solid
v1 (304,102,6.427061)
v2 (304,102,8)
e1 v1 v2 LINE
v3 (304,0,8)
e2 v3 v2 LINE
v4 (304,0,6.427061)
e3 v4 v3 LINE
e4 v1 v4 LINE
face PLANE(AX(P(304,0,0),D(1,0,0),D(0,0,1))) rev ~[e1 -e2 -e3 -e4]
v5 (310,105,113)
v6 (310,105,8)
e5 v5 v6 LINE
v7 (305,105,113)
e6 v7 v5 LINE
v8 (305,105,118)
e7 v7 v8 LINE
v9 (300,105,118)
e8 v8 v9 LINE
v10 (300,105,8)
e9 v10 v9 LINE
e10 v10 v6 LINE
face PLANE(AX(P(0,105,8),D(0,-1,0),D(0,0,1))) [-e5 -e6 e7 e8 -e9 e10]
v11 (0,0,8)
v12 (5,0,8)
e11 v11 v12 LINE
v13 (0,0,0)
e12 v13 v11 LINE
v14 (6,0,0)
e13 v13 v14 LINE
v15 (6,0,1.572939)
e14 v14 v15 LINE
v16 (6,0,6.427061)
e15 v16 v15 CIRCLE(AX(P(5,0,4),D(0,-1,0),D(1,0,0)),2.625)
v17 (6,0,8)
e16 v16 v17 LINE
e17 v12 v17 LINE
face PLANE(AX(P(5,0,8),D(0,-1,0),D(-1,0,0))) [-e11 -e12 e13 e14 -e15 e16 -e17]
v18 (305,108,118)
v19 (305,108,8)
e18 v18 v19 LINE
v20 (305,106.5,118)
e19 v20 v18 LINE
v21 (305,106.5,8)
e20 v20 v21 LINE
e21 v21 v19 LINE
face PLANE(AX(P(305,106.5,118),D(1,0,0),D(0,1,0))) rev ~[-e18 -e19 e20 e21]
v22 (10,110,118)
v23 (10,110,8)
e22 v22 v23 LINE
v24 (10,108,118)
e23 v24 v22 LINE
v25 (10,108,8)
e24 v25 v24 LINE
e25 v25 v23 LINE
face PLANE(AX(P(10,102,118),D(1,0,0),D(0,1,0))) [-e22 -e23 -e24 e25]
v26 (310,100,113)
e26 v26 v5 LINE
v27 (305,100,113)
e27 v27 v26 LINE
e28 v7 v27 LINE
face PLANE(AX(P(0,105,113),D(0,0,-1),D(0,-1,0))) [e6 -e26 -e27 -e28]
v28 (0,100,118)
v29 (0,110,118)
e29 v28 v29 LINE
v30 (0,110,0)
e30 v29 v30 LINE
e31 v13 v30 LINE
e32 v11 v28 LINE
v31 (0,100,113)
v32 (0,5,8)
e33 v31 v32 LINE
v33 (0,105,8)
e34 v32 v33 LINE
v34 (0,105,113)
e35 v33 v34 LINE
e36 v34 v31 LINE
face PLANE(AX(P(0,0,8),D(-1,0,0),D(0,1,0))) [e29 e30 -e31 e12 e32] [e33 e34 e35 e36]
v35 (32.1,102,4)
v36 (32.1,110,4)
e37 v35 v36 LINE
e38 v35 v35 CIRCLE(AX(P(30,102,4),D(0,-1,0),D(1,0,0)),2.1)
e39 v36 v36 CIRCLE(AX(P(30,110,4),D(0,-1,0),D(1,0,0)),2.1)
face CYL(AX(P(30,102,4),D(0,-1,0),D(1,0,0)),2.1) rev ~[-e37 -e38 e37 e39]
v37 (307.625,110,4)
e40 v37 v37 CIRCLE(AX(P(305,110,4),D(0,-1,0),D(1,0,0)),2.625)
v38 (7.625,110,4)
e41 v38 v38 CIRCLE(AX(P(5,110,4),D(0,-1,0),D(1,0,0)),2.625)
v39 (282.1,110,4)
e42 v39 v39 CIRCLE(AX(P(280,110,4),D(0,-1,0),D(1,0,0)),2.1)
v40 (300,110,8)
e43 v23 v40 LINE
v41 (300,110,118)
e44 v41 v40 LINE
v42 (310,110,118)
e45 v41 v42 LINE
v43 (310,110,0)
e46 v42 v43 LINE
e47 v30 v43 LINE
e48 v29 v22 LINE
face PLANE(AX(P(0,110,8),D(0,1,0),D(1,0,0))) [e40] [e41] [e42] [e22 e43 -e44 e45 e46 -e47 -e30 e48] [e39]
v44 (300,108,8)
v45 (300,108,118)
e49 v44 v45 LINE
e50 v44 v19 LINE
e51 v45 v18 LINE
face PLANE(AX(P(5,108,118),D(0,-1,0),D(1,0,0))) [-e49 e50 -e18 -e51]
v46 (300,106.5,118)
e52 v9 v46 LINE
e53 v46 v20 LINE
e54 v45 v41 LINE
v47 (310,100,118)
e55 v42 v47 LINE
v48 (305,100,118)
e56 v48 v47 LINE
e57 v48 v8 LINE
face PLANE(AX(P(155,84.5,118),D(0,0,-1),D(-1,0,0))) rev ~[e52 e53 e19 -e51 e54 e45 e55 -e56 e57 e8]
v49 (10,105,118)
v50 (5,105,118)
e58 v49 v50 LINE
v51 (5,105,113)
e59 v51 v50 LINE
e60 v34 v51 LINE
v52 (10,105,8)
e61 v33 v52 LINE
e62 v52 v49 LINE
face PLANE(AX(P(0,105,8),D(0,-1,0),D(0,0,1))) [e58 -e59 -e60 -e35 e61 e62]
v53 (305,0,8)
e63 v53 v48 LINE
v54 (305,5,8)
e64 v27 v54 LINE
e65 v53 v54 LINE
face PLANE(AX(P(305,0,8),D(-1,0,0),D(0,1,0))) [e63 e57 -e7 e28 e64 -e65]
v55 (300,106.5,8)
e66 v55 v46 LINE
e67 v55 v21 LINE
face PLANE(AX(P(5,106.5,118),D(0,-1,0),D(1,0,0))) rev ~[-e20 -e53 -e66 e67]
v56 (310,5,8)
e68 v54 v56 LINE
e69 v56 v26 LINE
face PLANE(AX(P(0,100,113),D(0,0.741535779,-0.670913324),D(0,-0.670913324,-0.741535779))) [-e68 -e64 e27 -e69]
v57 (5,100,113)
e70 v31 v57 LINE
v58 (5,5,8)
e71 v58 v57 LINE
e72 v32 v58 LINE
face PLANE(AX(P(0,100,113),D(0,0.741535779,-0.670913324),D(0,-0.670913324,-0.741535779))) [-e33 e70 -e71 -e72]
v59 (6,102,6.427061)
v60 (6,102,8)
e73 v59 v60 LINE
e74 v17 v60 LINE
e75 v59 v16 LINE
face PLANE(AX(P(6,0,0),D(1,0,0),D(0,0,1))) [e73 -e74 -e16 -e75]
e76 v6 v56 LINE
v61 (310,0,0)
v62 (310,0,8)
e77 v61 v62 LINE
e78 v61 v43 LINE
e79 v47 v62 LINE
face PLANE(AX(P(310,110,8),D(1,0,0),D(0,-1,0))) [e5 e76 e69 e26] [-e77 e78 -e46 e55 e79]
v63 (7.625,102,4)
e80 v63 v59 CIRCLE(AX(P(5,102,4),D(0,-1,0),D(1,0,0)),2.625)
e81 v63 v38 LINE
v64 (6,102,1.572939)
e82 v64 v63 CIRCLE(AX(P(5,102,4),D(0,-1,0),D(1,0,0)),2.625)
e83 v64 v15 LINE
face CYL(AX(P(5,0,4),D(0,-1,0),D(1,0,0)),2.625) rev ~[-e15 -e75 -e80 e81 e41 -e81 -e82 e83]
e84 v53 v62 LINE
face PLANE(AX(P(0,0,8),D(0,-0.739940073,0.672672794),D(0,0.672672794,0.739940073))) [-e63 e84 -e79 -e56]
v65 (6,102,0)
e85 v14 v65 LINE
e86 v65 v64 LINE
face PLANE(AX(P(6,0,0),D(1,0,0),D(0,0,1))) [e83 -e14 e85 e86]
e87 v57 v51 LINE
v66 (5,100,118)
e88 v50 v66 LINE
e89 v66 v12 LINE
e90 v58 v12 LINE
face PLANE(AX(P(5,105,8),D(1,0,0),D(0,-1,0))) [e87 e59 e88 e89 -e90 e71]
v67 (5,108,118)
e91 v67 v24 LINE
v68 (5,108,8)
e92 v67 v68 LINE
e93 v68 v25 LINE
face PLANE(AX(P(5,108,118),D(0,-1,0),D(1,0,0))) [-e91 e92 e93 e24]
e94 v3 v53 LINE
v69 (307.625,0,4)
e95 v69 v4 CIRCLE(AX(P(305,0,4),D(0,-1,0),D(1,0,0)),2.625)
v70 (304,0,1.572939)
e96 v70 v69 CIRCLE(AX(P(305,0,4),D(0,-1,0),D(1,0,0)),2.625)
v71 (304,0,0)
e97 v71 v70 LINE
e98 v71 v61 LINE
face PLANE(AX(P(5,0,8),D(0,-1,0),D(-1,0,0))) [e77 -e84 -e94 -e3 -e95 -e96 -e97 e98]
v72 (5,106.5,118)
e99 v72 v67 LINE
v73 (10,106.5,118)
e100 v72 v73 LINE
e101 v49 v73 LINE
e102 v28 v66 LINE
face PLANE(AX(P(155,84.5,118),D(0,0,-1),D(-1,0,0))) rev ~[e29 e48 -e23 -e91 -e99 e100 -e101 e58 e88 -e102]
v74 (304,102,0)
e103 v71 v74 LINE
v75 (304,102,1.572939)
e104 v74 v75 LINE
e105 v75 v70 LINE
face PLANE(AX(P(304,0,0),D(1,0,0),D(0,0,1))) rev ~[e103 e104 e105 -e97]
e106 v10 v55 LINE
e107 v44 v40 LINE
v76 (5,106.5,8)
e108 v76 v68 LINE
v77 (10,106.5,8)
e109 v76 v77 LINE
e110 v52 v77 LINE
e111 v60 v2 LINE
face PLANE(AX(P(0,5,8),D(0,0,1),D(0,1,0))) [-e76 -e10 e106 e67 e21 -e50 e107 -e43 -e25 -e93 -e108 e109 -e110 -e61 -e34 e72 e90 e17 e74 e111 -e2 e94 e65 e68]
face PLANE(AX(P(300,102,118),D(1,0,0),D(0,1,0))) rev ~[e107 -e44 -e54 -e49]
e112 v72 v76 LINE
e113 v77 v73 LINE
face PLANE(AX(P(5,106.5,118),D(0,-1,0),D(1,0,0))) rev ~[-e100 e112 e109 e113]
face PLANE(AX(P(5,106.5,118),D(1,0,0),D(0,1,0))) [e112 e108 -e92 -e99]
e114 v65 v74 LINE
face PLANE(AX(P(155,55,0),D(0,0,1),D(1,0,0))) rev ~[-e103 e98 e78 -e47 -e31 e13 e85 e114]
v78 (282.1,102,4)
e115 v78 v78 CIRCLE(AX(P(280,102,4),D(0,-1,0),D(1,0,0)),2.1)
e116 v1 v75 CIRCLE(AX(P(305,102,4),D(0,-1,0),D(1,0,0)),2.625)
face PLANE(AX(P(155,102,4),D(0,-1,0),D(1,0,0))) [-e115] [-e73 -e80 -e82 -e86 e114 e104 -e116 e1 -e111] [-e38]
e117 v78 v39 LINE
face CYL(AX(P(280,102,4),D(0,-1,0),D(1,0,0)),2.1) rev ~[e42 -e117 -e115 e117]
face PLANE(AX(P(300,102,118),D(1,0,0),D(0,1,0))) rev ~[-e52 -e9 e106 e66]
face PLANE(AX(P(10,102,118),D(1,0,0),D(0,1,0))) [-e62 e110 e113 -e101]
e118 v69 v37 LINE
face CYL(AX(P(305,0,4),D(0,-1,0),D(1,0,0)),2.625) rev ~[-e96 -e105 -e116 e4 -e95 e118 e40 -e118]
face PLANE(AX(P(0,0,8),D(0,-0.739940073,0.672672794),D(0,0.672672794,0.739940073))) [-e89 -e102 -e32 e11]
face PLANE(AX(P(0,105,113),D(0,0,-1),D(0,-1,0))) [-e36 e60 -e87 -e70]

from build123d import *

# Parameters (mm, degrees)
SKETCH_W        = 310
SKETCH_H        = 110
PAD_DEPTH       = 8
PAD001_DEPTH    = 110
POCKET_DEPTH    = 500
POCKET001_DEPTH = 500
SKETCH006_R     = 2.625
POCKET002_DEPTH = 500
SKETCH007_W     = 298
SKETCH007_H     = 8
POCKET003_DEPTH = 102
SKETCH009_W     = 300
SKETCH009_H     = 1.5
POCKET004_DEPTH = 110
SKETCH010_W     = 290
SKETCH010_H     = 10
POCKET005_DEPTH = 110
SKETCH011_R     = 2.1
POCKET006_DEPTH = 500


with BuildPart() as part:
    # Sketch → Pad (new body)
    with BuildSketch(Plane.XY):
        with Locations((155, 55)):
            Rectangle(SKETCH_W, SKETCH_H)
    extrude(amount=PAD_DEPTH)

    # Sketch001 (on Face6 of Pad) → Pad001 (join)
    with BuildSketch(Plane.XY.offset(8)):
        Polygon((0, 0), (0, 110), (310, 110), (310, 0), (305, 0), (305, 105), (5, 105), (5, 0), align=None)
    extrude(amount=PAD001_DEPTH)

    # Sketch004 (on Face9 of Pad001) → Pocket (cut)
    with BuildSketch(Plane(origin=(0, 0, 0), x_dir=(0, -1, 0), z_dir=(-1, 0, 0))):
        Polygon((-100, 118), (0, 118), (0, 8), align=None)
    extrude(amount=-POCKET_DEPTH, mode=Mode.SUBTRACT)

    # Sketch005 (on Face9 of Pocket) → Pocket001 (cut)
    with BuildSketch(Plane(origin=(0, 0, 0), x_dir=(0, -1, 0), z_dir=(-1, 0, 0))):
        Polygon((-100, 113), (-5, 8), (-105, 8), (-105, 113), align=None)
    extrude(amount=-POCKET001_DEPTH, mode=Mode.SUBTRACT)

    # Sketch006 (on Face1 of Pocket001) → Pocket002 (cut)
    with BuildSketch(Plane.XZ):
        with Locations((5, 4)):
            Circle(SKETCH006_R)
        with Locations((305, 4)):
            Circle(SKETCH006_R)
    extrude(amount=-POCKET002_DEPTH, mode=Mode.SUBTRACT)

    # Sketch007 (on Face1 of Pocket002) → Pocket003 (cut)
    with BuildSketch(Plane.XZ):
        with Locations((155, 4)):
            Rectangle(SKETCH007_W, SKETCH007_H)
    extrude(amount=-POCKET003_DEPTH, mode=Mode.SUBTRACT)

    # Sketch009 (on Face17 of Pocket003) → Pocket004 (cut)
    with BuildSketch(Plane.XY.offset(118)):
        with Locations((155, 107.25)):
            Rectangle(SKETCH009_W, SKETCH009_H)
    extrude(amount=-POCKET004_DEPTH, mode=Mode.SUBTRACT)

    # Sketch010 (on Face17 of Pocket004) → Pocket005 (cut)
    with BuildSketch(Plane.XY.offset(118)):
        with Locations((155, 107)):
            Rectangle(SKETCH010_W, SKETCH010_H)
    extrude(amount=-POCKET005_DEPTH, mode=Mode.SUBTRACT)

    # Sketch011 (on Face13 of Pocket005) → Pocket006 (cut)
    with BuildSketch(Plane.XZ.offset(-102)):
        with Locations((30, 4)):
            Circle(SKETCH011_R)
        with Locations((280, 4)):
            Circle(SKETCH011_R)
    extrude(amount=-POCKET006_DEPTH, mode=Mode.SUBTRACT)


solid = part.part
